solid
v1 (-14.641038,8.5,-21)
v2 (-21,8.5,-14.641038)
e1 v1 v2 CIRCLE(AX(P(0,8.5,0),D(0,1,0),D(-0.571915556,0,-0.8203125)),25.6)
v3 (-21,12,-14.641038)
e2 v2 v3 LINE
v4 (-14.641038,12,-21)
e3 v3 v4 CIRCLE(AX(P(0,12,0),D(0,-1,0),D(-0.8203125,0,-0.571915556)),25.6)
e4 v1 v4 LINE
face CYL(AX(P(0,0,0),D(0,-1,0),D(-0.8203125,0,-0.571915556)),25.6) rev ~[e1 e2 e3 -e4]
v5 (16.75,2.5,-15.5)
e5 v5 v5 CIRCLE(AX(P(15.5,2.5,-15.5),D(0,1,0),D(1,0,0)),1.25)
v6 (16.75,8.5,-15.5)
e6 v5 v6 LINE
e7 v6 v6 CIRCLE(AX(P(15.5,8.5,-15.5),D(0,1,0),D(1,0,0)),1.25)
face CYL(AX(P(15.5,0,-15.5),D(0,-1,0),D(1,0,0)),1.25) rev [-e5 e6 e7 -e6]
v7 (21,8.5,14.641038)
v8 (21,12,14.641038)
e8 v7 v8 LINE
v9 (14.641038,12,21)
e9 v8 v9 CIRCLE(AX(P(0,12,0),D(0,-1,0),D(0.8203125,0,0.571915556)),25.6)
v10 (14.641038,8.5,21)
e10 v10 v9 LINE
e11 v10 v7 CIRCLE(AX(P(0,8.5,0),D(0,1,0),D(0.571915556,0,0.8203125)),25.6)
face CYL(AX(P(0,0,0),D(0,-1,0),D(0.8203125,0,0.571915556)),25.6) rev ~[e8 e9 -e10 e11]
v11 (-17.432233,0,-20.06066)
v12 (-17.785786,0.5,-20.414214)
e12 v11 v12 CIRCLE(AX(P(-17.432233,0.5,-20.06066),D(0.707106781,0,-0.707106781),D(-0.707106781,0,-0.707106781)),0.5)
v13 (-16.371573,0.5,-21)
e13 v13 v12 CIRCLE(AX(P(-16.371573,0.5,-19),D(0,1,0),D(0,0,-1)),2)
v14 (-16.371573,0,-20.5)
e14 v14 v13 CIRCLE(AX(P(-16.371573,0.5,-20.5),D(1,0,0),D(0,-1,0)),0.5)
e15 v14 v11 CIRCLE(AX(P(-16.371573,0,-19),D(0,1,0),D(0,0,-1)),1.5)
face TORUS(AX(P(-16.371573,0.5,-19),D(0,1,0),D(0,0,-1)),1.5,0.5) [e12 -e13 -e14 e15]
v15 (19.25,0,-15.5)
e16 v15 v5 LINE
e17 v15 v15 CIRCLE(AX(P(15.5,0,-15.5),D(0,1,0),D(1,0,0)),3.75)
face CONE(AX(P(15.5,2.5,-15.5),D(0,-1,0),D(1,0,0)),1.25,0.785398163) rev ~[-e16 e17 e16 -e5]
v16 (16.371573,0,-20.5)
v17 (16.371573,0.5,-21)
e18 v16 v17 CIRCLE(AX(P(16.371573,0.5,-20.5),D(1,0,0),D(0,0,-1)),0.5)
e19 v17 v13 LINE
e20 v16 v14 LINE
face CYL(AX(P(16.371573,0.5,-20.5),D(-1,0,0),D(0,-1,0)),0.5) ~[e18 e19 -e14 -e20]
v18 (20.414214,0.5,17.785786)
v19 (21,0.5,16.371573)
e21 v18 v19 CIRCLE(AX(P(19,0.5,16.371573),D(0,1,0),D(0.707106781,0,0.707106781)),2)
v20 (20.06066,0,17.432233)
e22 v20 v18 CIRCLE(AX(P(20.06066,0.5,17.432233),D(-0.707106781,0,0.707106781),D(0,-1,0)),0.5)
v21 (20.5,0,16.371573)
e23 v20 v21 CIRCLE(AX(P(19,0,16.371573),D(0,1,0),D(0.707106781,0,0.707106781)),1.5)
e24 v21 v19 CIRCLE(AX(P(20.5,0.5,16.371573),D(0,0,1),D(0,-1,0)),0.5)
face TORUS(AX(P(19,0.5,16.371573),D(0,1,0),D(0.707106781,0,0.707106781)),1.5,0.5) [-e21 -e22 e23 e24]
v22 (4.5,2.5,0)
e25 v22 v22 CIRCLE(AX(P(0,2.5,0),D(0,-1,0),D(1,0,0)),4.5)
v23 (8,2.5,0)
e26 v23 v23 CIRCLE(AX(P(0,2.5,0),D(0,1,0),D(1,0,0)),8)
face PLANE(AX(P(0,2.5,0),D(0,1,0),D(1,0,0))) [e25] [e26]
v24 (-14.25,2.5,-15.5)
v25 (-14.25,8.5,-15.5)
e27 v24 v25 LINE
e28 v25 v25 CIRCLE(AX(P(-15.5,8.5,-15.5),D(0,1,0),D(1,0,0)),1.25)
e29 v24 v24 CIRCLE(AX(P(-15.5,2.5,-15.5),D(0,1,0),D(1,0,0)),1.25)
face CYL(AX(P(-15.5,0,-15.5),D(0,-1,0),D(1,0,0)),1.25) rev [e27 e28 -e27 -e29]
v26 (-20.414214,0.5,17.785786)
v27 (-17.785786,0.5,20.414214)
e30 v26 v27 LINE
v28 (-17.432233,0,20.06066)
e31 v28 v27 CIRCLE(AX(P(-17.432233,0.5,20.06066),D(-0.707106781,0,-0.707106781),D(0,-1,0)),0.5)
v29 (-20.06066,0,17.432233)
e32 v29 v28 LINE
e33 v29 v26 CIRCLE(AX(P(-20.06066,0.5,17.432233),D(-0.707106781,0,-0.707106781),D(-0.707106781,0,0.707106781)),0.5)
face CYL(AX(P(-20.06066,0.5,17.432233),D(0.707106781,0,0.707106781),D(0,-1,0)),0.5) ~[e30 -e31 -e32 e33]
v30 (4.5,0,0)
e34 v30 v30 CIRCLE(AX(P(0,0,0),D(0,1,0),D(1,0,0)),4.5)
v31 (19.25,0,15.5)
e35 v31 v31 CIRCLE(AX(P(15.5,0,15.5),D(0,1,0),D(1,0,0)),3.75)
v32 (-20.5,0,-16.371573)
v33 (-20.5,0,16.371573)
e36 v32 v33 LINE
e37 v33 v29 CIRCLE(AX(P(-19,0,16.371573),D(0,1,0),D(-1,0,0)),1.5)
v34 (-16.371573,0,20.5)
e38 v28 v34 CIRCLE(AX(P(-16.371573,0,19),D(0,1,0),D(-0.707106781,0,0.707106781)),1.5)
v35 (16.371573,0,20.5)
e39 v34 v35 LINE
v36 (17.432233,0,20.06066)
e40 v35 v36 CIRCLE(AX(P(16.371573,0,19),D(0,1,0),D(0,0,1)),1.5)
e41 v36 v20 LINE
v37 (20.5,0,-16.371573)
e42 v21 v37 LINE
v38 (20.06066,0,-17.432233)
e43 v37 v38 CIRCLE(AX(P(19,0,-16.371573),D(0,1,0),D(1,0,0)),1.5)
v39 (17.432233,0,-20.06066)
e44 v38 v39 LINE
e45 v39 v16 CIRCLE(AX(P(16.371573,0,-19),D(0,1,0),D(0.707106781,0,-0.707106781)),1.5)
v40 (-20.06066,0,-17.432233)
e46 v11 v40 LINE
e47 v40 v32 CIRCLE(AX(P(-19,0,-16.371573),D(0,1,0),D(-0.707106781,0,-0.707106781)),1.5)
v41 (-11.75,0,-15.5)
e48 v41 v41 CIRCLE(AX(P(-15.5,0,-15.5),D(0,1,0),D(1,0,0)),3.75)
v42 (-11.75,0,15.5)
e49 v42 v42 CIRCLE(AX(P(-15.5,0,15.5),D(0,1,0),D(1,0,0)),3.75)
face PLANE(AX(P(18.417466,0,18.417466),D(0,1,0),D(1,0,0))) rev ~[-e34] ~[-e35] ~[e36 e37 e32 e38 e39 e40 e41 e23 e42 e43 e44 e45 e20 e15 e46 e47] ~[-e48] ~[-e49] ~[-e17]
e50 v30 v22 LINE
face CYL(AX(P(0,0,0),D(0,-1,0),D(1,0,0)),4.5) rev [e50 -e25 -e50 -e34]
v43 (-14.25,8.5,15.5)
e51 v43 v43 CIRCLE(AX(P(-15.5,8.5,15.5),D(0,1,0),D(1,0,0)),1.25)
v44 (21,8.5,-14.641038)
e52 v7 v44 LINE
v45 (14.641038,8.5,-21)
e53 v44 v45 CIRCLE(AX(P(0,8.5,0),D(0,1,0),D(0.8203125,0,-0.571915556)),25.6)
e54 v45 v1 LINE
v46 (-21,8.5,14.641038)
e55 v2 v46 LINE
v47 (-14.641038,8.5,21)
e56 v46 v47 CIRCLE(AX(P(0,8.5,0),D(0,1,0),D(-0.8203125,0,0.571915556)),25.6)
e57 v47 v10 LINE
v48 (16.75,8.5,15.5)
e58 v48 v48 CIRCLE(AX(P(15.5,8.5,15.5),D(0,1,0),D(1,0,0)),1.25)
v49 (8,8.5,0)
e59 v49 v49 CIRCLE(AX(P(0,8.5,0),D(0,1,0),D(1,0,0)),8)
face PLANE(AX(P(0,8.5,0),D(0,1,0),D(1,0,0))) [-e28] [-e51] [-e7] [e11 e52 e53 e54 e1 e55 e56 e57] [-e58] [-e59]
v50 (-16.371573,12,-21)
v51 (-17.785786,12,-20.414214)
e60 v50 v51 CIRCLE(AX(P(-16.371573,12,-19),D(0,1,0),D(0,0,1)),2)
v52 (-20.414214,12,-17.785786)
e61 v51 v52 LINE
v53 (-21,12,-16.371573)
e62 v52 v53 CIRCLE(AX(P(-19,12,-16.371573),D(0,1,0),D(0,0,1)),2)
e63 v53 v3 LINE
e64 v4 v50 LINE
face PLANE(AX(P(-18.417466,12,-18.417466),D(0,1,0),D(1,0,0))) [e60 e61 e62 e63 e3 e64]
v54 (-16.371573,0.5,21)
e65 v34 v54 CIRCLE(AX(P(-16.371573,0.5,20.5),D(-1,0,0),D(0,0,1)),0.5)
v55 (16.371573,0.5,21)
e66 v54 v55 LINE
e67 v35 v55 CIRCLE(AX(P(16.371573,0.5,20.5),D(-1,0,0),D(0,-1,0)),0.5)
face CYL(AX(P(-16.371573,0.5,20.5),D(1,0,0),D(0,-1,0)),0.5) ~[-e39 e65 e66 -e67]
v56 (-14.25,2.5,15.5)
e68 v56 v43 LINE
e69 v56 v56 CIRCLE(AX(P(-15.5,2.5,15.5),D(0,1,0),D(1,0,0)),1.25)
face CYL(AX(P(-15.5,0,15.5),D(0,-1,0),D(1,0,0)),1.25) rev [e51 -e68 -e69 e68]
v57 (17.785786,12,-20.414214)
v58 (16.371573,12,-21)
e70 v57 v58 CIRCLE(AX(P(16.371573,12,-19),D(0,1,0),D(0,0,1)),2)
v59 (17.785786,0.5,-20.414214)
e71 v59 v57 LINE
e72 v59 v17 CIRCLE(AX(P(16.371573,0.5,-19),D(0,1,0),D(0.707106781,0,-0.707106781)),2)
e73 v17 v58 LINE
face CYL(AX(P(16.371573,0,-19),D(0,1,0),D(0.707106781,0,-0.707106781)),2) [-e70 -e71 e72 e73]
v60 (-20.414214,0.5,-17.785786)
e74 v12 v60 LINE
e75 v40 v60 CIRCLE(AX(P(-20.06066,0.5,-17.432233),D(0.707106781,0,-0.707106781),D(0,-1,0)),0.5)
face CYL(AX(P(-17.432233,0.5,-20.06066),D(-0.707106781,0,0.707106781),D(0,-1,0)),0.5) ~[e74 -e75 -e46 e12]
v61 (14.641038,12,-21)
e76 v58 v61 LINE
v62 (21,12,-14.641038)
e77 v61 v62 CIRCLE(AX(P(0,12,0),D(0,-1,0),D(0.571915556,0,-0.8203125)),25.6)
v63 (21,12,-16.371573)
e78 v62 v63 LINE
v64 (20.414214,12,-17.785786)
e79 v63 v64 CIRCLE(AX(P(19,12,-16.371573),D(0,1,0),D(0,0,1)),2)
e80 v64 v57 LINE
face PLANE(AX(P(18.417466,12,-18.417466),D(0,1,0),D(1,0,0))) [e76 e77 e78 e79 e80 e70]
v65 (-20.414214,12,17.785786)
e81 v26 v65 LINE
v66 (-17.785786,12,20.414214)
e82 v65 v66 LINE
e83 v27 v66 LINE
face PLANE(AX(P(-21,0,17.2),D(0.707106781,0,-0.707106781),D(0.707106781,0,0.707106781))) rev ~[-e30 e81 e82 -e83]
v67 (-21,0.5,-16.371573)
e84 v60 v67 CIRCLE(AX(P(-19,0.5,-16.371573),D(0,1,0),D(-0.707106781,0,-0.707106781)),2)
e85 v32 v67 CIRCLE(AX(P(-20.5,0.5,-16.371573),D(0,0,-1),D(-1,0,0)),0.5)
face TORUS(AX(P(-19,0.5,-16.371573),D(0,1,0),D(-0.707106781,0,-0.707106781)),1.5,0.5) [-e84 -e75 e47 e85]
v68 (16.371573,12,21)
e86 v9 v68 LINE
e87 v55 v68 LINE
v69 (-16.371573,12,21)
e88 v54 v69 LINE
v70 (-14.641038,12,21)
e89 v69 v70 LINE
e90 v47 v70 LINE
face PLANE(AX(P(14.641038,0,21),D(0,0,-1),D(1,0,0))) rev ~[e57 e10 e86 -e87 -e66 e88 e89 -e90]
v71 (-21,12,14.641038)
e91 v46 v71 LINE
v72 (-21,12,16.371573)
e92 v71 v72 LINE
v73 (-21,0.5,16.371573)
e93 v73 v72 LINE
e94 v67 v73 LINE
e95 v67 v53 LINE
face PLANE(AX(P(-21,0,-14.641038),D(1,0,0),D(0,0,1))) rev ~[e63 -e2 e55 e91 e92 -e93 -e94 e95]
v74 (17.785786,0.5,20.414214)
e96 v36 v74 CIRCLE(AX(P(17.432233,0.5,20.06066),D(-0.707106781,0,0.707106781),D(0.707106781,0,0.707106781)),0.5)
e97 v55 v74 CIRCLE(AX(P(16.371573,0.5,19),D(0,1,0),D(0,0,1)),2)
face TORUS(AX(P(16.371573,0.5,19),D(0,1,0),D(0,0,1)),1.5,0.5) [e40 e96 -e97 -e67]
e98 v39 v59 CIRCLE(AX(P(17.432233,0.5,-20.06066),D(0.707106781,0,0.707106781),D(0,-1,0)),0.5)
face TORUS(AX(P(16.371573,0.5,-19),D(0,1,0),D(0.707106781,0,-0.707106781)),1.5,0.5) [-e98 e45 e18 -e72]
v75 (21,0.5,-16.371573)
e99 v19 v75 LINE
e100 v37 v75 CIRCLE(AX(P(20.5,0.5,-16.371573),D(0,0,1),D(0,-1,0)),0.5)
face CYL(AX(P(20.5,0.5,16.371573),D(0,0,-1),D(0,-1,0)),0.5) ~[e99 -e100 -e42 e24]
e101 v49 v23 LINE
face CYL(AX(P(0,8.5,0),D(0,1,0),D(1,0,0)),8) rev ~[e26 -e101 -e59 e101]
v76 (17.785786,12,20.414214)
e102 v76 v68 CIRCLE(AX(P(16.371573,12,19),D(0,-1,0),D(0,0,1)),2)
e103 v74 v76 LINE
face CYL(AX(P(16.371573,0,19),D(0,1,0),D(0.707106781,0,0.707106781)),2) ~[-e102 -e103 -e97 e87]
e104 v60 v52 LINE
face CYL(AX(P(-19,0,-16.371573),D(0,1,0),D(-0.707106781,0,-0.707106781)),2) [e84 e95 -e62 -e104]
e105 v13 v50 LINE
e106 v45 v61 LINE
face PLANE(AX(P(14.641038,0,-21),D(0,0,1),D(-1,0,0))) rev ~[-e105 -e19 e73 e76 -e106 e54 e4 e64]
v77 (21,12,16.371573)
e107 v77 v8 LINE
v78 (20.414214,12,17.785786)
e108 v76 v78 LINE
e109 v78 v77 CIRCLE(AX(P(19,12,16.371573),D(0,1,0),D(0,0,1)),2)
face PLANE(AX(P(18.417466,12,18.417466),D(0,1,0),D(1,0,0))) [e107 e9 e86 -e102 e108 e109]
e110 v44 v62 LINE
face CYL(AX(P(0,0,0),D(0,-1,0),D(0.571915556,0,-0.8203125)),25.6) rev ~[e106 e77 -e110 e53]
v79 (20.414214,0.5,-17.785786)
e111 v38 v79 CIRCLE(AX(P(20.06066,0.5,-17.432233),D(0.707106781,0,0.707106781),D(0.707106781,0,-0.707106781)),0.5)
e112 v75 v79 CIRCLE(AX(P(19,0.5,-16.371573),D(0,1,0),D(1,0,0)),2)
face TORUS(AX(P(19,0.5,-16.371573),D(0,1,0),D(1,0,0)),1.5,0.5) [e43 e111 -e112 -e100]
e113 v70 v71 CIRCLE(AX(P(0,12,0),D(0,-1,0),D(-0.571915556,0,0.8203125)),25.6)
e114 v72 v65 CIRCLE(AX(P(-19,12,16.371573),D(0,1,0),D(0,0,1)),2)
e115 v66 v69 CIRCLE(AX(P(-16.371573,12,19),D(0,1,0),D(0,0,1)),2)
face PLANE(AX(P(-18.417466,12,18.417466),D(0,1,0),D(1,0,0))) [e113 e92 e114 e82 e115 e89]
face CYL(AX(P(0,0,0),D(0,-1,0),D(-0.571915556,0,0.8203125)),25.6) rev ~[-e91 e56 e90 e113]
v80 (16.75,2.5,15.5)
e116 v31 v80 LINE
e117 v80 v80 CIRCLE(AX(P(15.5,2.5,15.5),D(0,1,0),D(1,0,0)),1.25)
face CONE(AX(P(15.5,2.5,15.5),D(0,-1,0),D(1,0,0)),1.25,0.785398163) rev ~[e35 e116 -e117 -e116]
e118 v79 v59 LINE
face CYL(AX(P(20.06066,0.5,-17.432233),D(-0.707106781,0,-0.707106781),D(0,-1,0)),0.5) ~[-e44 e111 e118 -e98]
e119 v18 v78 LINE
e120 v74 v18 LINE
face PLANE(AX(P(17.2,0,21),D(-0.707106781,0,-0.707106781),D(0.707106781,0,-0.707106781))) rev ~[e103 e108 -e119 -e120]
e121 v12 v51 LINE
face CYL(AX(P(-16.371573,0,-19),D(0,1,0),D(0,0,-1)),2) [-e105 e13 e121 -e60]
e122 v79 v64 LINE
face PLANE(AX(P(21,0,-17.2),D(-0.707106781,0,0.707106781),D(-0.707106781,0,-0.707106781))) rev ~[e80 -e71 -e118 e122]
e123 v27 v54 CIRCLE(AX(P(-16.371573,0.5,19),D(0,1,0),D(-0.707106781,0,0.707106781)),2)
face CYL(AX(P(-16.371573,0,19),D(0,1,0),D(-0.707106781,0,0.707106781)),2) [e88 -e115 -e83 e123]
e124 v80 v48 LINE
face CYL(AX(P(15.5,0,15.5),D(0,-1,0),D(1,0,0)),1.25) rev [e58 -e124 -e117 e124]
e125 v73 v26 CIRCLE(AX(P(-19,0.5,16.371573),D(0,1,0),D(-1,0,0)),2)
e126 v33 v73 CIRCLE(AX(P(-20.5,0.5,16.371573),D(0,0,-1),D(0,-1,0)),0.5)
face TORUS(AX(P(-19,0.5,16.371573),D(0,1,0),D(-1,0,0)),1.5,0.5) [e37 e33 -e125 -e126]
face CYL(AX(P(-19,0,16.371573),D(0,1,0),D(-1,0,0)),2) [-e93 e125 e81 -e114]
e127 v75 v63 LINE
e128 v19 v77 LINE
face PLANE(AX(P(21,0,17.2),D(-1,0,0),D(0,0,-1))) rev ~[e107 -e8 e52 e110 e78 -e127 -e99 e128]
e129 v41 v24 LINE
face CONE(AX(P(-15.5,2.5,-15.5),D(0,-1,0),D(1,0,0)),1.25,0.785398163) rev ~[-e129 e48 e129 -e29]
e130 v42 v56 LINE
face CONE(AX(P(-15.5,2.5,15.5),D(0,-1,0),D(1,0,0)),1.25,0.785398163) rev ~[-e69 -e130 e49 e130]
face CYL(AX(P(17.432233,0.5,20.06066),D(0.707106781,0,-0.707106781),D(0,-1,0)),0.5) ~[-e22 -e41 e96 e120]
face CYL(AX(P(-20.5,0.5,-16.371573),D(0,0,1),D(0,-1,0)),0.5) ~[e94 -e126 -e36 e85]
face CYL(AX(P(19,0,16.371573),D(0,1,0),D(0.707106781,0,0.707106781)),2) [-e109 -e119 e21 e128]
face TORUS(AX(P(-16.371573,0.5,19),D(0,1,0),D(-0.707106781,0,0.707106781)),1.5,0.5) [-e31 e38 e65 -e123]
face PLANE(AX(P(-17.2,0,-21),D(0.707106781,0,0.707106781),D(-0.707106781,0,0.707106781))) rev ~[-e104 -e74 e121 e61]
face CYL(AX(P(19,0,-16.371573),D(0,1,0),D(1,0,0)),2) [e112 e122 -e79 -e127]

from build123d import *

# Parameters (mm, degrees)
SKETCH_1_R          = 1.25
SKETCH_1_R_2        = 4.5
EXTRUDE_1_DEPTH     = 8.5
EXTRUDE_2_DEPTH     = 12
CHAMFER_1_SIZE      = 2.5
SKETCH_2_R          = 8
CUT_EXTRUDE_1_DEPTH = 6
FILLET_1_R          = 2
FILLET_2_R          = 0.5


with BuildPart() as part:
    # Эскиз1 → Бобышка-Вытянуть1 (new body)
    with BuildSketch(Plane(origin=(0, 0, 0), x_dir=(1, 0, 0), z_dir=(0, 1, 0))):
        with BuildLine():
            ThreePointArc((-14.641038215, 21), (-18.101933598, 18.101933598), (-21, 14.641038215))
            Line((-21, 14.641038215), (-21, -14.641038215))
            ThreePointArc((-21, -14.641038215), (-18.101933598, -18.101933598), (-14.641038215, -21))
            Line((-14.641038215, -21), (14.641038215, -21))
            ThreePointArc((14.641038215, -21), (18.101933598, -18.101933598), (21, -14.641038215))
            Line((21, -14.641038215), (21, 14.641038215))
            ThreePointArc((21, 14.641038215), (18.101933598, 18.101933598), (14.641038215, 21))
            Line((14.641038215, 21), (-14.641038215, 21))
        make_face()
        with Locations((-15.5, -15.5)):
            Circle(SKETCH_1_R, mode=Mode.SUBTRACT)
        with Locations((15.5, -15.5)):
            Circle(SKETCH_1_R, mode=Mode.SUBTRACT)
        with Locations((-15.5, 15.5)):
            Circle(SKETCH_1_R, mode=Mode.SUBTRACT)
        with Locations((15.5, 15.5)):
            Circle(SKETCH_1_R, mode=Mode.SUBTRACT)
        Circle(SKETCH_1_R_2, mode=Mode.SUBTRACT)
    extrude(amount=EXTRUDE_1_DEPTH)

    # Эскиз1<4> → Бобышка-Вытянуть2 (add)
    with BuildSketch(Plane(origin=(0, 0, 0), x_dir=(1, 0, 0), z_dir=(0, 1, 0))):
        with BuildLine():
            Line((-17.2, 21), (-21, 17.2))
            Line((-21, 17.2), (-21, 14.641038215))
            ThreePointArc((-21, 14.641038215), (-18.101933598, 18.101933598), (-14.641038215, 21))
            Line((-14.641038215, 21), (-17.2, 21))
        make_face()
        with BuildLine():
            ThreePointArc((-14.641038215, -21), (-18.101933598, -18.101933598), (-21, -14.641038215))
            Line((-21, -14.641038215), (-21, -17.2))
            Line((-21, -17.2), (-17.2, -21))
            Line((-17.2, -21), (-14.641038215, -21))
        make_face()
        with BuildLine():
            Line((17.2, 21), (14.641038215, 21))
            ThreePointArc((14.641038215, 21), (18.101933598, 18.101933598), (21, 14.641038215))
            Line((21, 14.641038215), (21, 17.2))
            Line((21, 17.2), (17.2, 21))
        make_face()
        with BuildLine():
            ThreePointArc((21, -14.641038215), (18.101933598, -18.101933598), (14.641038215, -21))
            Line((14.641038215, -21), (17.2, -21))
            Line((17.2, -21), (21, -17.2))
            Line((21, -17.2), (21, -14.641038215))
        make_face()
    extrude(amount=EXTRUDE_2_DEPTH)

    # Фаска1
    chamfer_1_edges = [part.edges().sort_by_distance(p)[0] for p in [
        (-16.75, 0, -15.5),
        (14.25, 0, -15.5),
        (14.25, 0, 15.5),
        (-16.75, 0, 15.5),
    ]]
    chamfer(chamfer_1_edges, length=CHAMFER_1_SIZE)

    # Эскиз2 → Вырез-Вытянуть1 (cut)
    with BuildSketch(Plane(origin=(0, 8.5, 0), x_dir=(1, 0, 0), z_dir=(0, 1, 0))):
        Circle(SKETCH_2_R)
    extrude(amount=-CUT_EXTRUDE_1_DEPTH, mode=Mode.SUBTRACT)

    # Скругление1
    fillet_1_edges = [part.edges().sort_by_distance(p)[0] for p in [
        (21, 6, 17.2),
        (17.2, 6, 21),
        (-17.2, 6, 21),
        (-21, 6, 17.2),
        (-21, 6, -17.2),
        (-17.2, 6, -21),
        (17.2, 6, -21),
        (21, 6, -17.2),
    ]]
    fillet(fillet_1_edges, radius=FILLET_1_R)

    # Скругление2
    fillet_2_edges = [part.edges().sort_by_distance(p)[0] for p in [
        (-17.13693974, 0, 20.847759065),
        (-19.1, 0, 19.1),
        (-20.847759065, 0, 17.13693974),
        (-21, 0, 0),
        (-20.847759065, 0, -17.13693974),
        (-19.1, 0, -19.1),
        (-17.13693974, 0, -20.847759065),
        (0, 0, -21),
        (17.13693974, 0, -20.847759065),
        (19.1, 0, -19.1),
        (20.847759065, 0, -17.13693974),
        (21, 0, 0),
        (20.847759065, 0, 17.13693974),
        (19.1, 0, 19.1),
        (17.13693974, 0, 20.847759065),
        (0, 0, 21),
    ]]
    fillet(fillet_2_edges, radius=FILLET_2_R)


solid = part.part
